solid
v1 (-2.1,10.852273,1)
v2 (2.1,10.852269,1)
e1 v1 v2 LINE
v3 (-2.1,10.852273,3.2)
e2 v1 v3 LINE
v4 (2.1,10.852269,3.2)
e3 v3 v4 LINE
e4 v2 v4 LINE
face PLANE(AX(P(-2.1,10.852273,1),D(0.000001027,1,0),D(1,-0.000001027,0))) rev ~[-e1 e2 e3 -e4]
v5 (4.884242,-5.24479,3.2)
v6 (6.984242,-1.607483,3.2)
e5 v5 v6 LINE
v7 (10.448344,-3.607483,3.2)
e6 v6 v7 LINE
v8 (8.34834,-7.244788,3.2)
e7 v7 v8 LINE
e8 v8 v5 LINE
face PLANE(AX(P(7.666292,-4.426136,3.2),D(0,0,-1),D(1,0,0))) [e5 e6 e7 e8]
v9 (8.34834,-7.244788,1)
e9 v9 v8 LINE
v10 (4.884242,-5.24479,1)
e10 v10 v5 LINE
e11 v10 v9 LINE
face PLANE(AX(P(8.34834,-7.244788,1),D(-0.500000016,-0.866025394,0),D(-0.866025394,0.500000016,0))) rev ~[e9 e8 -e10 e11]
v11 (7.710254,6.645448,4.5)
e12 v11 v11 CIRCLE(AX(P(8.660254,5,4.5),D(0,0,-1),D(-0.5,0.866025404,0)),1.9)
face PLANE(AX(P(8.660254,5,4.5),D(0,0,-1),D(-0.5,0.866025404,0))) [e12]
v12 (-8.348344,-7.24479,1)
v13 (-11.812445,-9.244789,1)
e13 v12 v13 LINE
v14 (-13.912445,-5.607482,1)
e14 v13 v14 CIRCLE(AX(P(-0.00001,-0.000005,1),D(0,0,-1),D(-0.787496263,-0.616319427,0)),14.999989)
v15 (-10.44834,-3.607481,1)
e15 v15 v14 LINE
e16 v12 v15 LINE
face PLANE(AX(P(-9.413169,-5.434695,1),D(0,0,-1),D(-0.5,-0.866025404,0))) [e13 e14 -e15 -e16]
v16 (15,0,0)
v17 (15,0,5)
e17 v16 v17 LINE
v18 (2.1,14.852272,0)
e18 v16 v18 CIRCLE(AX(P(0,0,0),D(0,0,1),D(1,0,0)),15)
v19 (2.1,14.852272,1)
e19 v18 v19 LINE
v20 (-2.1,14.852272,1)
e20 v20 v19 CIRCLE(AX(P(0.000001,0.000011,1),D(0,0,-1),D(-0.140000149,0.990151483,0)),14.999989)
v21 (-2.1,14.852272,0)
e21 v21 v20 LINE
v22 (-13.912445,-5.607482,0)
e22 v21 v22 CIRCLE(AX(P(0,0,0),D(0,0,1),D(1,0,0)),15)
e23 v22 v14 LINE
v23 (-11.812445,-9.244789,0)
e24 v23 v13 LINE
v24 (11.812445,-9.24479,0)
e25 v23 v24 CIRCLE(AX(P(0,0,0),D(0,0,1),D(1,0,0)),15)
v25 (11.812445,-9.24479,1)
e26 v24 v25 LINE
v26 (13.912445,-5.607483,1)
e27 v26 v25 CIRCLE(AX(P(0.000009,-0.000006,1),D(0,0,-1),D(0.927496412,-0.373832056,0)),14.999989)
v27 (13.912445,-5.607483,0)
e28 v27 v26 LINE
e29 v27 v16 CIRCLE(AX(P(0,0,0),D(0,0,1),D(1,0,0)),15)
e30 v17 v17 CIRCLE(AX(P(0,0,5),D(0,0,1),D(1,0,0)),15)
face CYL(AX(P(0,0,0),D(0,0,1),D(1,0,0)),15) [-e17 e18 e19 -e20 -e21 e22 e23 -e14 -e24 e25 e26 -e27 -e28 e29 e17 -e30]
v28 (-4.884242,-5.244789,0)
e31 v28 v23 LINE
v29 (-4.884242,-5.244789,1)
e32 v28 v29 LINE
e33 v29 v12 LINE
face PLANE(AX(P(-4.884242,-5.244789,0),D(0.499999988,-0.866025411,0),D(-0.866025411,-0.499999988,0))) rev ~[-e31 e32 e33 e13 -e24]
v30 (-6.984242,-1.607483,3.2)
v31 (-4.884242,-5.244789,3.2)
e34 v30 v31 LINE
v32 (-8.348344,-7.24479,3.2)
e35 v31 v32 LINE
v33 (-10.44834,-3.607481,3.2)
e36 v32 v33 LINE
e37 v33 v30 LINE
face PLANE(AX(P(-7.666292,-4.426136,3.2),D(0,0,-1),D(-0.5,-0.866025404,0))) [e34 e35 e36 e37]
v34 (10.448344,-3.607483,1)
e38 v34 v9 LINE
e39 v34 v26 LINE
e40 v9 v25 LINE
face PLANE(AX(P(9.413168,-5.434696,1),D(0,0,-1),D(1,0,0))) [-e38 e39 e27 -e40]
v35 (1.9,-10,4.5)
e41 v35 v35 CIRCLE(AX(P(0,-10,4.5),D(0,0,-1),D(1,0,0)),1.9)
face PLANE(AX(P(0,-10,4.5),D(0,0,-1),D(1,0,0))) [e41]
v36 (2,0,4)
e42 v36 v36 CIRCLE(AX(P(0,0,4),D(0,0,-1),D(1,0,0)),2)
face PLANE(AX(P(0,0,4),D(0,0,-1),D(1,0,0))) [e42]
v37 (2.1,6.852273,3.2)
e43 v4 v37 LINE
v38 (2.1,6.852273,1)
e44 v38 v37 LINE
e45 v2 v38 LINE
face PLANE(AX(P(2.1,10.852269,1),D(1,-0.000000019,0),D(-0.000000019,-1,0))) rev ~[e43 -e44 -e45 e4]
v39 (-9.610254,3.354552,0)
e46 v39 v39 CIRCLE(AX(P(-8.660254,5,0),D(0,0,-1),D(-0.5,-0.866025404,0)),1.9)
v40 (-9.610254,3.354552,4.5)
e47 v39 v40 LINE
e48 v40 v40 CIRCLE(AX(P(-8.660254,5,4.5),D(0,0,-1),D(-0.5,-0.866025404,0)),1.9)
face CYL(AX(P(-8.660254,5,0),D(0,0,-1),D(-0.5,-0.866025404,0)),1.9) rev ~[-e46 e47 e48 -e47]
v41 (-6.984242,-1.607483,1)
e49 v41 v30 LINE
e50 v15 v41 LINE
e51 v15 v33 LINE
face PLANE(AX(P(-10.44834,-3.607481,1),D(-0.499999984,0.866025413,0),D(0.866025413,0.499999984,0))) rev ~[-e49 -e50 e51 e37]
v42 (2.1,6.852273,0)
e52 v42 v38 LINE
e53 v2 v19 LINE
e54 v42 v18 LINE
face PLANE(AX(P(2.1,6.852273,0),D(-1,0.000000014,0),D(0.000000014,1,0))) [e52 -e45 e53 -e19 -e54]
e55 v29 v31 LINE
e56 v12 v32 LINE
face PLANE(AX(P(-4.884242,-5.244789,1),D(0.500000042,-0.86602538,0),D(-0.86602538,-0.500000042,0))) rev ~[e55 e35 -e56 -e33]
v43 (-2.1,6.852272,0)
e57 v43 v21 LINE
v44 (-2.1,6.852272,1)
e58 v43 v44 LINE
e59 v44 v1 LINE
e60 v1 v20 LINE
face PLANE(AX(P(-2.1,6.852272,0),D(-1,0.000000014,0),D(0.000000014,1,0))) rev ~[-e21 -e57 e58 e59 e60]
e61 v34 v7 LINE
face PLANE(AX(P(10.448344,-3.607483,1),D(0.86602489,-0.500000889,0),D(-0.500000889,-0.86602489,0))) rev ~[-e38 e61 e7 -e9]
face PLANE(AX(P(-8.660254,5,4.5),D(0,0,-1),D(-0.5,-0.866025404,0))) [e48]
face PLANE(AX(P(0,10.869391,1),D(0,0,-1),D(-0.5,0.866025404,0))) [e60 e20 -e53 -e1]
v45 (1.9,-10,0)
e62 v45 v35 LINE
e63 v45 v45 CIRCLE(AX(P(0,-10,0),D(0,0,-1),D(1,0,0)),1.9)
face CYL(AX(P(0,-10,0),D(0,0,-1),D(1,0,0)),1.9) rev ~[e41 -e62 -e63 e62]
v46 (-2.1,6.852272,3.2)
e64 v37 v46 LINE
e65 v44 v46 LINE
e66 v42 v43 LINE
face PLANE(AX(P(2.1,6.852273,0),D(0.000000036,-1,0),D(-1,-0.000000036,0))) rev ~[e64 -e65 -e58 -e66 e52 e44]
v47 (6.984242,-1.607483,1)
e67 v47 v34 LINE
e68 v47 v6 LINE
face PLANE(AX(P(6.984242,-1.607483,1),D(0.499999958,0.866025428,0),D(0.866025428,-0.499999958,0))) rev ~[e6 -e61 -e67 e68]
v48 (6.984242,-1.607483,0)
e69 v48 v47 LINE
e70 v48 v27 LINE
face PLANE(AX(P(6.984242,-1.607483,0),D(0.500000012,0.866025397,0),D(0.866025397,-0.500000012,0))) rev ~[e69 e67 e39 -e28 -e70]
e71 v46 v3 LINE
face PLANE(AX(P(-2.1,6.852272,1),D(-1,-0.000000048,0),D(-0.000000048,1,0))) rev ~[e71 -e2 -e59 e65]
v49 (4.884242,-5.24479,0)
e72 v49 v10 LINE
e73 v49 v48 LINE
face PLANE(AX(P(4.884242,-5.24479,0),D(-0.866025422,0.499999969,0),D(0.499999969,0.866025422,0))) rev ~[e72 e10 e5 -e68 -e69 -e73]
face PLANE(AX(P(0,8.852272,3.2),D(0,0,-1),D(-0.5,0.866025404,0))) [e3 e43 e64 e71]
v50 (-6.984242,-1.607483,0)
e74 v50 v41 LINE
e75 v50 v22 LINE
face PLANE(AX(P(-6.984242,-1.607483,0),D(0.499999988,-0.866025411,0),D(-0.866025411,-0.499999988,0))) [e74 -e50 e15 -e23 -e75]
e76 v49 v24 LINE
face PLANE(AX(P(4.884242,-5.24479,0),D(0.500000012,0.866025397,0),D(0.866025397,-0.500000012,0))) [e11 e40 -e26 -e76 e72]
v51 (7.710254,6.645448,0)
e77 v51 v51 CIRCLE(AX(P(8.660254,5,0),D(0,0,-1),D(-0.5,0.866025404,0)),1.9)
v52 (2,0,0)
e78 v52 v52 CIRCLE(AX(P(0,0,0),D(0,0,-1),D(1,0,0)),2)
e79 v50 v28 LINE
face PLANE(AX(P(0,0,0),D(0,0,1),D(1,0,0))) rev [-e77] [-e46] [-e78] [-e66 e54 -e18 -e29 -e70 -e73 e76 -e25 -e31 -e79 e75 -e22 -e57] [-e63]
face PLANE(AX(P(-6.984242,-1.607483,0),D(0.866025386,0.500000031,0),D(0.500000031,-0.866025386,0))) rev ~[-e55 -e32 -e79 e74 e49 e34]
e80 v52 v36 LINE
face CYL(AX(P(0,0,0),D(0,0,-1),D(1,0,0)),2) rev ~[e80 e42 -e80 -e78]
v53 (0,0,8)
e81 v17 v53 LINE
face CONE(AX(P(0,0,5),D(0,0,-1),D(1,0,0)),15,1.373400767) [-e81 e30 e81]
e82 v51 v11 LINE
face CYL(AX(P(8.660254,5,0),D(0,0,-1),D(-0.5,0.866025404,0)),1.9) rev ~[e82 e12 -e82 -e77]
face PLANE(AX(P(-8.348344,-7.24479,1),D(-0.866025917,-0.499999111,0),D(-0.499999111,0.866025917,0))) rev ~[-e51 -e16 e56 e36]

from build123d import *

# Parameters (mm, degrees)
SKETCH001_R           = 1.9
POCKET_DEPTH          = 4.5
POLARPATTERN_COUNT    = 3
POCKET001_DEPTH       = 1
POCKET002_DEPTH       = 2.2
POLARPATTERN001_COUNT = 3
SKETCH004_R           = 2
POCKET003_DEPTH       = 4


with BuildPart() as part:
    # Sketch → Revolution (revolve)
    with BuildSketch(Plane.XZ):
        Polygon((0, 0), (15, 0), (15, 5), (0, 8), align=None)
    revolve(axis=Axis((0, 0, 0), (0, 0, 1)))

    # Sketch001 → Pocket (cut)
    with BuildSketch(Plane(origin=(0, 0, 0), x_dir=(1, 0, 0), z_dir=(0, 0, -1))):
        with Locations((0, 10)):
            Circle(SKETCH001_R)
    pocket = extrude(amount=-POCKET_DEPTH, mode=Mode.SUBTRACT)

    # PolarPattern: Pocket ×3 about axis
    polarpattern_axis = Axis((0, 0, 0), (0, 0, -1))
    for i in range(1, POLARPATTERN_COUNT):
        add(pocket.rotate(polarpattern_axis, i * 360 / POLARPATTERN_COUNT), mode=Mode.SUBTRACT)

    # Sketch002 → Pocket001 (cut)
    with BuildSketch(Plane(origin=(0, 0, 0), x_dir=(1, 0, 0), z_dir=(0, 0, -1))):
        with BuildLine():
            Line((4.884242, 5.24479), (6.984242, 1.607483))
            Line((6.984242, 1.607483), (13.912445, 5.607483))
            ThreePointArc((13.912445, 5.607483), (12.990381, 7.5), (11.812445, 9.24479))
            Line((4.884242, 5.24479), (11.812445, 9.24479))
        make_face()
    pocket001 = extrude(amount=-POCKET001_DEPTH, mode=Mode.SUBTRACT)

    # Sketch003 → Pocket002 (cut)
    with BuildSketch(Plane(origin=(0, 0, 1), x_dir=(1, 0, 0), z_dir=(0, 0, -1))):
        Polygon((4.884242, 5.24479), (6.984242, 1.607483), (10.448344, 3.607483), (8.34834, 7.244788), align=None)
    pocket002 = extrude(amount=-POCKET002_DEPTH, mode=Mode.SUBTRACT)

    # PolarPattern001: Pocket002, Pocket001 ×3 about axis
    polarpattern001_axis = Axis((0, 0, 1), (0, 0, -1))
    for i in range(1, POLARPATTERN001_COUNT):
        add(pocket002.rotate(polarpattern001_axis, i * 360 / POLARPATTERN001_COUNT), mode=Mode.SUBTRACT)
        add(pocket001.rotate(polarpattern001_axis, i * 360 / POLARPATTERN001_COUNT), mode=Mode.SUBTRACT)

    # Sketch004 → Pocket003 (cut)
    with BuildSketch(Plane(origin=(0, 0, 0), x_dir=(1, 0, 0), z_dir=(0, 0, -1))):
        Circle(SKETCH004_R)
    extrude(amount=-POCKET003_DEPTH, mode=Mode.SUBTRACT)


solid = part.part
